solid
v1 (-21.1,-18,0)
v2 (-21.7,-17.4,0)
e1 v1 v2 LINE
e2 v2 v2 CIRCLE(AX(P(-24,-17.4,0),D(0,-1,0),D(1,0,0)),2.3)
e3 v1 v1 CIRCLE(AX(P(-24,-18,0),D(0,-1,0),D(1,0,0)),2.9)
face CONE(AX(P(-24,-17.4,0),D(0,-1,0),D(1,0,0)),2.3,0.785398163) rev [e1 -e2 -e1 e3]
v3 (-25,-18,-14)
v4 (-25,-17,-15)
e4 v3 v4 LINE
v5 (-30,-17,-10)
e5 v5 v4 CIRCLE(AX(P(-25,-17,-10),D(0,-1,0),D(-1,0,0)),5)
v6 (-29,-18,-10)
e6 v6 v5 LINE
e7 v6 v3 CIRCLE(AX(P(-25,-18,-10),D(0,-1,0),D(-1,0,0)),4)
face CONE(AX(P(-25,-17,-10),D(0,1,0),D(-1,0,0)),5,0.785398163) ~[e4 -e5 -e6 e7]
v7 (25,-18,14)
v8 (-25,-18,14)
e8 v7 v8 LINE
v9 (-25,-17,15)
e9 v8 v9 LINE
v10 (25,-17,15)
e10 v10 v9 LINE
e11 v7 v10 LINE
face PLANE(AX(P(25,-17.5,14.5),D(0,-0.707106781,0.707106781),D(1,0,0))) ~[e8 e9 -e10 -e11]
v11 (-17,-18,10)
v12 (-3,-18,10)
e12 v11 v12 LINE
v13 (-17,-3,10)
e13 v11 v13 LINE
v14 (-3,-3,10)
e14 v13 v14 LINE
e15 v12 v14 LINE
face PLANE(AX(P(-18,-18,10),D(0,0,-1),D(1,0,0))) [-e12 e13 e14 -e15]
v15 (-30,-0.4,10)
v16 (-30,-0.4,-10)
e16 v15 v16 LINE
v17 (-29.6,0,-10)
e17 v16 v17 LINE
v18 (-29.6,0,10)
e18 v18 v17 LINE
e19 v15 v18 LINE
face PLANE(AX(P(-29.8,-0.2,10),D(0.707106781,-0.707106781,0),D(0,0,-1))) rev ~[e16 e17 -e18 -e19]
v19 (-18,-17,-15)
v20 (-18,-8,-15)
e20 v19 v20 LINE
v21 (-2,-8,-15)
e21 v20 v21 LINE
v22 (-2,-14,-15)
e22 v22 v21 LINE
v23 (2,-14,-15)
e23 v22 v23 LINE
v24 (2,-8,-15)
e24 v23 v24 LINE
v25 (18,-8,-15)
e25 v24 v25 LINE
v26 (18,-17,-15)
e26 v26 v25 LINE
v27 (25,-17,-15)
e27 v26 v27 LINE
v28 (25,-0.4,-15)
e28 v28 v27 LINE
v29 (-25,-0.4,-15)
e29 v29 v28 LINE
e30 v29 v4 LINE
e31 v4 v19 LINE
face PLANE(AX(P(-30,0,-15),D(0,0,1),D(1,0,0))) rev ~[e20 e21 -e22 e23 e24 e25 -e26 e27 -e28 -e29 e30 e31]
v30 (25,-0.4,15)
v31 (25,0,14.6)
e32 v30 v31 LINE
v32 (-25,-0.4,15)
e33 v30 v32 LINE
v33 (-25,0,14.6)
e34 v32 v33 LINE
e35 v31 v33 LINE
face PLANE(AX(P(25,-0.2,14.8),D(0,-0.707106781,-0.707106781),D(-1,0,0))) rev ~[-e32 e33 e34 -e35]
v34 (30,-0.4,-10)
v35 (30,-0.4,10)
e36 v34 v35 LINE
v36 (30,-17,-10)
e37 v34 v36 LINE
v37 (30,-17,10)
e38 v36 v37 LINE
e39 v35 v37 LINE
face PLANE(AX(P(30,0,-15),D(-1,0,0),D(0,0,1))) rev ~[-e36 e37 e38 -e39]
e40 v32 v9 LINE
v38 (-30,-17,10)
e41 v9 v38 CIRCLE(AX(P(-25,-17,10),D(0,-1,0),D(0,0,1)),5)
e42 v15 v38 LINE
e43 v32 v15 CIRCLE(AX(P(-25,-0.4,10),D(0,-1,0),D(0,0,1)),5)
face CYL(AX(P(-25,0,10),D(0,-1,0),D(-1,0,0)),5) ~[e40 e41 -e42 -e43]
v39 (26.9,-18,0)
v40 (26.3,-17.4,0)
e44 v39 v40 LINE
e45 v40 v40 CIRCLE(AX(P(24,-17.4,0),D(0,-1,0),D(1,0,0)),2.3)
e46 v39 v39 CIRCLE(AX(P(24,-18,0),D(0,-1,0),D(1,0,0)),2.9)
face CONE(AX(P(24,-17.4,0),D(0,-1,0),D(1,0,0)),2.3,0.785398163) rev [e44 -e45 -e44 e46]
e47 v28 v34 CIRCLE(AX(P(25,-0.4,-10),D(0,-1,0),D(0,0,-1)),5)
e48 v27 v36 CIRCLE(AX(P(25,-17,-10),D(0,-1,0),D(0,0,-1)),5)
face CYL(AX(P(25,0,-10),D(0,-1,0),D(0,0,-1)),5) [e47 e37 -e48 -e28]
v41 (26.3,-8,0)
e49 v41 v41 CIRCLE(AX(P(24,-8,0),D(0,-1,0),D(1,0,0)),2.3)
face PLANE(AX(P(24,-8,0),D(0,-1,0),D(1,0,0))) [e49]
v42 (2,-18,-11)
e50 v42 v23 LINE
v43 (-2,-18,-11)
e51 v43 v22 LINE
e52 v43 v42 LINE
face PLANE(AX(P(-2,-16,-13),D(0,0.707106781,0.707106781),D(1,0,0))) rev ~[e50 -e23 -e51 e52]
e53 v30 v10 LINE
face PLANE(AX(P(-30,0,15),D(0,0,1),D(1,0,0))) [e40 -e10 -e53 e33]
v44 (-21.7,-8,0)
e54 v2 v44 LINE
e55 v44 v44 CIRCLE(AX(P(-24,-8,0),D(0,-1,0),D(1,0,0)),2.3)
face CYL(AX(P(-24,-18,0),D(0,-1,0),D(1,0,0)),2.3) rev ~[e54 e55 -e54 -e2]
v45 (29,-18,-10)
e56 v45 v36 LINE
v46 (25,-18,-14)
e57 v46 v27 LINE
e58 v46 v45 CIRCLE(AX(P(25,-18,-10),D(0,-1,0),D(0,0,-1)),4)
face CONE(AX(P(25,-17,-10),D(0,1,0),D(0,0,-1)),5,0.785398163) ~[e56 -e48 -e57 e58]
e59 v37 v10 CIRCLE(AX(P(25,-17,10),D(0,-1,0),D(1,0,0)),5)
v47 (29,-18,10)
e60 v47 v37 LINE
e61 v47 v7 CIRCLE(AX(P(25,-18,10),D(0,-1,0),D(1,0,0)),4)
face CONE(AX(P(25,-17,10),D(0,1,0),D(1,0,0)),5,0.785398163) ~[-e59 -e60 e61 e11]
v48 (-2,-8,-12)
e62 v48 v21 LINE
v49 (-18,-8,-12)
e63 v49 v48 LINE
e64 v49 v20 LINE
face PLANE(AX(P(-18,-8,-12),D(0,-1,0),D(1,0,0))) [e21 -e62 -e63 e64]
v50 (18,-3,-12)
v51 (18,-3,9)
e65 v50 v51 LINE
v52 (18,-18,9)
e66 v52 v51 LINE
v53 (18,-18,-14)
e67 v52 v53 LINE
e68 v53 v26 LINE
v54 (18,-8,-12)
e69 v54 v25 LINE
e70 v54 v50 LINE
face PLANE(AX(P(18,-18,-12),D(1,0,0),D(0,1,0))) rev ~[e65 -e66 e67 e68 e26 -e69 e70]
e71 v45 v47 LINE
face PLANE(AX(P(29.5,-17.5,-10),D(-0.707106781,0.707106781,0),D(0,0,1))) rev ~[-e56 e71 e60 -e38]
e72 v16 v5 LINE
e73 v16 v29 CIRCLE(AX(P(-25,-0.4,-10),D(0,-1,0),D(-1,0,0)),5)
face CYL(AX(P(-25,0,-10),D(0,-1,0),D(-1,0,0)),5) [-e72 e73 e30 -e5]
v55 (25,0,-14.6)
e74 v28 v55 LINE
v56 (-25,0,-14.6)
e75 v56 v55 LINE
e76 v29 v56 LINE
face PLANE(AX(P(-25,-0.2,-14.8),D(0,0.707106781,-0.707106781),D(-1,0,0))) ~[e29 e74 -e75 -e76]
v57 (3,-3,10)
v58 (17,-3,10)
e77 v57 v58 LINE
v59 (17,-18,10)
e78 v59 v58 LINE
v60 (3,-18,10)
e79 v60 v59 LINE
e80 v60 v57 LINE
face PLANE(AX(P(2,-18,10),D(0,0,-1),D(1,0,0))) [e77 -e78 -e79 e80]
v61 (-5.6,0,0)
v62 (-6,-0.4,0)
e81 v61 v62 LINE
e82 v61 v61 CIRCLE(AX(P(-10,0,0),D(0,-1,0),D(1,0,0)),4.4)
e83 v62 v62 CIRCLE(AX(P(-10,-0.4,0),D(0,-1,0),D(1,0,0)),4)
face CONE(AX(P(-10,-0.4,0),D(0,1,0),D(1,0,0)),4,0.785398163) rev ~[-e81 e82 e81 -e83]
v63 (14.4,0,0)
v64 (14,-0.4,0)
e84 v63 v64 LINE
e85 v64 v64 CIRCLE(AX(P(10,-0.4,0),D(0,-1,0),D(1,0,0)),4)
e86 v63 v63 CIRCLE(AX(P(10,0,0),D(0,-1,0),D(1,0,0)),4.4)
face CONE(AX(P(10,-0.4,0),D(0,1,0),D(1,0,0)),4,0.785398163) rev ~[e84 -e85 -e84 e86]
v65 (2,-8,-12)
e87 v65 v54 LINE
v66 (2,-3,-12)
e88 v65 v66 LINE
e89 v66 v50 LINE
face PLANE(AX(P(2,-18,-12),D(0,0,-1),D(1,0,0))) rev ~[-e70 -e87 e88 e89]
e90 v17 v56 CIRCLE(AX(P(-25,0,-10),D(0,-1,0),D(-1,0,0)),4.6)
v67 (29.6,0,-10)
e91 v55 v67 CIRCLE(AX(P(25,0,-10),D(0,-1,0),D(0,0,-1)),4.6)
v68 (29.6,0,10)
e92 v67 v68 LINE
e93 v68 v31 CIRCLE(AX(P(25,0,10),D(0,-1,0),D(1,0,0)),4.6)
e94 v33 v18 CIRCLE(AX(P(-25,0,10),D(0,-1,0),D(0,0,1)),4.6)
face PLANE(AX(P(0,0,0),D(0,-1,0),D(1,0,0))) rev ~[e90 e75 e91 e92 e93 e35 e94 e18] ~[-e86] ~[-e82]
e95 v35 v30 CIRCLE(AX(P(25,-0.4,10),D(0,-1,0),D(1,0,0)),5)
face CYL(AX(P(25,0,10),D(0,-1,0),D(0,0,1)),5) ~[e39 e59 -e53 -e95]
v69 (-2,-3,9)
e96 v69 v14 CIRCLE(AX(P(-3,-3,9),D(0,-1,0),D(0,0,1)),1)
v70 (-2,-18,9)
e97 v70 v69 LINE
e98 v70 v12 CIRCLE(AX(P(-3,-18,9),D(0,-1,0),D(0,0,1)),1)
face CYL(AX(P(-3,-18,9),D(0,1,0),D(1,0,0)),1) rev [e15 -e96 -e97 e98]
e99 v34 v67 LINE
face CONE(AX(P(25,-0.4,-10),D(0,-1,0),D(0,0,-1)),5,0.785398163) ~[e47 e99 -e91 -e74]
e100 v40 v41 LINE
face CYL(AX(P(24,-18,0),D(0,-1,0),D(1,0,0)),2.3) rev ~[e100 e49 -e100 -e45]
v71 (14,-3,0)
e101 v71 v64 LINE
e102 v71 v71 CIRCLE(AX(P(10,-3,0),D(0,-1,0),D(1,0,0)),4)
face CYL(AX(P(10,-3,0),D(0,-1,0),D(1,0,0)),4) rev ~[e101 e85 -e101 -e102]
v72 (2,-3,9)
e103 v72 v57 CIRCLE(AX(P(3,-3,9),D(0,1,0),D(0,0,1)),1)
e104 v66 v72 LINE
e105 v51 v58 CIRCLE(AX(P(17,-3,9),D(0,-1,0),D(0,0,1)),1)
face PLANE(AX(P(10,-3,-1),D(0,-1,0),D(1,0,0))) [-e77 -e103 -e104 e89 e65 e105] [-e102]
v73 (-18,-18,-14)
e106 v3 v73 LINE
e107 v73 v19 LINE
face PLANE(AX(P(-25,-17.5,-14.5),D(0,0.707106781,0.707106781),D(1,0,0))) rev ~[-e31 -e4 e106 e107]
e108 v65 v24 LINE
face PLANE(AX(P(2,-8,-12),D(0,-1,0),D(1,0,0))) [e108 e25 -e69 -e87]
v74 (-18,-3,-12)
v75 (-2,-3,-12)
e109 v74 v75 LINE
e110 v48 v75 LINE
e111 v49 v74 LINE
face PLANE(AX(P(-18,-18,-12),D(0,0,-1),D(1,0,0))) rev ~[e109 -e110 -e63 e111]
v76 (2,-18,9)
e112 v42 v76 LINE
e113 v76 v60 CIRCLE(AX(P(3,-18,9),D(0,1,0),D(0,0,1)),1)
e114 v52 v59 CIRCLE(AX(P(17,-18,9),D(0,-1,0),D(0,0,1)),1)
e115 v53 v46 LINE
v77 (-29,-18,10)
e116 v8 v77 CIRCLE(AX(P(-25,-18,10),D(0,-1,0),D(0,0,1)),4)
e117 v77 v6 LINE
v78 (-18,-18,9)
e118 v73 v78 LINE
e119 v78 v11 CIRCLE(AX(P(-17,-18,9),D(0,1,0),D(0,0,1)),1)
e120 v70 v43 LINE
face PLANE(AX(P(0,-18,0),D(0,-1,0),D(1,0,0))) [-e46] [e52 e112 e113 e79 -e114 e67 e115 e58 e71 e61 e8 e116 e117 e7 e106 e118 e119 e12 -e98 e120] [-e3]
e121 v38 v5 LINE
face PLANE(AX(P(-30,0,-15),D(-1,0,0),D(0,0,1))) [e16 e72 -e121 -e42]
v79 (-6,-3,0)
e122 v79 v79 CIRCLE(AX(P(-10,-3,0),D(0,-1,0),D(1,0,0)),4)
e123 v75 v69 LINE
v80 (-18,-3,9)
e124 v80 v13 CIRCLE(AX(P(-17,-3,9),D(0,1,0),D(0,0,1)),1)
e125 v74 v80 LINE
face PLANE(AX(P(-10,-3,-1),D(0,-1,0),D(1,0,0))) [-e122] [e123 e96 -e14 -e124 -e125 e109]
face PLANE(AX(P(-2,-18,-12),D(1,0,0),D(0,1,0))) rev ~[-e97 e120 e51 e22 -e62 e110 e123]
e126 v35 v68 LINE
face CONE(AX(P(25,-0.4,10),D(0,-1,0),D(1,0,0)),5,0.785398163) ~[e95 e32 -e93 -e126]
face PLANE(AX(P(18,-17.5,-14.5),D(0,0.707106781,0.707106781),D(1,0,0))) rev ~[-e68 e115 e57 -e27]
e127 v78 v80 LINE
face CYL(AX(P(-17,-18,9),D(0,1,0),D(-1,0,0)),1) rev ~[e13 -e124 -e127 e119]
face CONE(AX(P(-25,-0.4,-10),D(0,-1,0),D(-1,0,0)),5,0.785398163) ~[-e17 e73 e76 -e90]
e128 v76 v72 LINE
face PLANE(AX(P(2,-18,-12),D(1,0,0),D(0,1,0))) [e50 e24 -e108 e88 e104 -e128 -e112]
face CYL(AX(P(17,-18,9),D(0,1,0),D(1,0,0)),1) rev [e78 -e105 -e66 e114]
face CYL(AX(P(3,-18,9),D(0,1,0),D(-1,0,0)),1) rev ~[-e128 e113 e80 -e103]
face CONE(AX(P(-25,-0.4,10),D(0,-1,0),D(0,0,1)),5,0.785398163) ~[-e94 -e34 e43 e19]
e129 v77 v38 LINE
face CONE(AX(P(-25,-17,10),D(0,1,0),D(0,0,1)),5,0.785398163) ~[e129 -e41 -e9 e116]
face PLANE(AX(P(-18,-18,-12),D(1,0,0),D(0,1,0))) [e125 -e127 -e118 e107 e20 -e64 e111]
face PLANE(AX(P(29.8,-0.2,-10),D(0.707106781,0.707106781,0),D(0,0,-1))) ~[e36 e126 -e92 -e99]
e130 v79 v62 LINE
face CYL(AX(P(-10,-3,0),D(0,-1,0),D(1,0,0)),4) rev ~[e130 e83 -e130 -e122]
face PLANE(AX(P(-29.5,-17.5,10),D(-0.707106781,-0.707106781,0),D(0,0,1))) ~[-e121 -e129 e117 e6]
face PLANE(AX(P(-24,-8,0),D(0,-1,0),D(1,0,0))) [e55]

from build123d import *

# Parameters (mm, degrees)
SKETCH_W        = 60
SKETCH_H        = 30
PAD_DEPTH       = 18
SKETCH001_W     = 16
SKETCH001_H     = 22
POCKET_DEPTH    = 15
SKETCH002_W     = 16
SKETCH002_H     = 10
POCKET001_DEPTH = 5
SKETCH003_R     = 2.3
POCKET002_DEPTH = 10
FILLET_R        = 5
CHAMFER_SIZE    = 4
CHAMFER001_SIZE = 0.6
CHAMFER002_SIZE = 1
SKETCH004_R     = 4
POCKET003_DEPTH = 5
CHAMFER003_SIZE = 0.4
FILLET001_R     = 1


with BuildPart() as part:
    # Sketch (on XZ_Plane of Origin) → Pad (new body)
    with BuildSketch(Plane.XZ):
        Rectangle(SKETCH_W, SKETCH_H)
    extrude(amount=PAD_DEPTH)

    # Sketch001 (on Face6 of Pad) → Pocket (cut)
    with BuildSketch(Plane.XZ.offset(18)):
        with Locations((-10, -1)):
            Rectangle(SKETCH001_W, SKETCH001_H)
        with Locations((10, -1)):
            Rectangle(SKETCH001_W, SKETCH001_H)
    extrude(amount=-POCKET_DEPTH, mode=Mode.SUBTRACT)

    # Sketch002 (on Face13 of Pocket) → Pocket001 (cut)
    with BuildSketch(Plane.XY.offset(-12)):
        with Locations((-10, -13)):
            Rectangle(SKETCH002_W, SKETCH002_H)
        with Locations((10, -13)):
            Rectangle(SKETCH002_W, SKETCH002_H)
    extrude(amount=-POCKET001_DEPTH, mode=Mode.SUBTRACT)

    # Sketch003 (on Face4 of Pocket001) → Pocket002 (cut)
    with BuildSketch(Plane.XZ.offset(18)):
        with Locations((-24, 0)):
            Circle(SKETCH003_R)
        with Locations((24, 0)):
            Circle(SKETCH003_R)
    extrude(amount=-POCKET002_DEPTH, mode=Mode.SUBTRACT)

    # Fillet
    fillet_edges = [part.edges().sort_by_distance(p)[0] for p in [
        (30, -9, -15),
        (30, -9, 15),
        (-30, -9, 15),
        (-30, -9, -15),
    ]]
    fillet(fillet_edges, radius=FILLET_R)

    # Chamfer
    chamfer_edges = [part.edges().sort_by_distance(p)[0] for p in [
        (0, -18, -15),
    ]]
    chamfer(chamfer_edges, length=CHAMFER_SIZE)

    # Chamfer001
    chamfer001_edges = [part.edges().sort_by_distance(p)[0] for p in [
        (-26.3, -18, 0),
        (21.7, -18, 0),
    ]]
    chamfer(chamfer001_edges, length=CHAMFER001_SIZE)

    # Chamfer002
    chamfer002_edges = [part.edges().sort_by_distance(p)[0] for p in [
        (-21.5, -18, -15),
    ]]
    chamfer(chamfer002_edges, length=CHAMFER002_SIZE)

    # Sketch004 → Pocket003 (cut)
    with BuildSketch(Plane.XZ.offset(3)):
        with Locations((-10, 0)):
            Circle(SKETCH004_R)
        with Locations((10, 0)):
            Circle(SKETCH004_R)
    extrude(amount=-POCKET003_DEPTH, mode=Mode.SUBTRACT)

    # Chamfer003
    chamfer003_edges = [part.edges().sort_by_distance(p)[0] for p in [
        (0, 0, -15),
        (-28.535534, 0, -13.535534),
        (28.535534, 0, -13.535534),
        (-30, 0, 0),
        (30, 0, 0),
        (-28.535534, 0, 13.535534),
        (28.535534, 0, 13.535534),
        (0, 0, 15),
        (-14, 0, 0),
        (6, 0, 0),
    ]]
    chamfer(chamfer003_edges, length=CHAMFER003_SIZE)

    # Fillet001
    fillet001_edges = [part.edges().sort_by_distance(p)[0] for p in [
        (-2, -10.5, 10),
        (2, -10.5, 10),
        (18, -10.5, 10),
        (-18, -10.5, 10),
    ]]
    fillet(fillet001_edges, radius=FILLET001_R)


solid = part.part
